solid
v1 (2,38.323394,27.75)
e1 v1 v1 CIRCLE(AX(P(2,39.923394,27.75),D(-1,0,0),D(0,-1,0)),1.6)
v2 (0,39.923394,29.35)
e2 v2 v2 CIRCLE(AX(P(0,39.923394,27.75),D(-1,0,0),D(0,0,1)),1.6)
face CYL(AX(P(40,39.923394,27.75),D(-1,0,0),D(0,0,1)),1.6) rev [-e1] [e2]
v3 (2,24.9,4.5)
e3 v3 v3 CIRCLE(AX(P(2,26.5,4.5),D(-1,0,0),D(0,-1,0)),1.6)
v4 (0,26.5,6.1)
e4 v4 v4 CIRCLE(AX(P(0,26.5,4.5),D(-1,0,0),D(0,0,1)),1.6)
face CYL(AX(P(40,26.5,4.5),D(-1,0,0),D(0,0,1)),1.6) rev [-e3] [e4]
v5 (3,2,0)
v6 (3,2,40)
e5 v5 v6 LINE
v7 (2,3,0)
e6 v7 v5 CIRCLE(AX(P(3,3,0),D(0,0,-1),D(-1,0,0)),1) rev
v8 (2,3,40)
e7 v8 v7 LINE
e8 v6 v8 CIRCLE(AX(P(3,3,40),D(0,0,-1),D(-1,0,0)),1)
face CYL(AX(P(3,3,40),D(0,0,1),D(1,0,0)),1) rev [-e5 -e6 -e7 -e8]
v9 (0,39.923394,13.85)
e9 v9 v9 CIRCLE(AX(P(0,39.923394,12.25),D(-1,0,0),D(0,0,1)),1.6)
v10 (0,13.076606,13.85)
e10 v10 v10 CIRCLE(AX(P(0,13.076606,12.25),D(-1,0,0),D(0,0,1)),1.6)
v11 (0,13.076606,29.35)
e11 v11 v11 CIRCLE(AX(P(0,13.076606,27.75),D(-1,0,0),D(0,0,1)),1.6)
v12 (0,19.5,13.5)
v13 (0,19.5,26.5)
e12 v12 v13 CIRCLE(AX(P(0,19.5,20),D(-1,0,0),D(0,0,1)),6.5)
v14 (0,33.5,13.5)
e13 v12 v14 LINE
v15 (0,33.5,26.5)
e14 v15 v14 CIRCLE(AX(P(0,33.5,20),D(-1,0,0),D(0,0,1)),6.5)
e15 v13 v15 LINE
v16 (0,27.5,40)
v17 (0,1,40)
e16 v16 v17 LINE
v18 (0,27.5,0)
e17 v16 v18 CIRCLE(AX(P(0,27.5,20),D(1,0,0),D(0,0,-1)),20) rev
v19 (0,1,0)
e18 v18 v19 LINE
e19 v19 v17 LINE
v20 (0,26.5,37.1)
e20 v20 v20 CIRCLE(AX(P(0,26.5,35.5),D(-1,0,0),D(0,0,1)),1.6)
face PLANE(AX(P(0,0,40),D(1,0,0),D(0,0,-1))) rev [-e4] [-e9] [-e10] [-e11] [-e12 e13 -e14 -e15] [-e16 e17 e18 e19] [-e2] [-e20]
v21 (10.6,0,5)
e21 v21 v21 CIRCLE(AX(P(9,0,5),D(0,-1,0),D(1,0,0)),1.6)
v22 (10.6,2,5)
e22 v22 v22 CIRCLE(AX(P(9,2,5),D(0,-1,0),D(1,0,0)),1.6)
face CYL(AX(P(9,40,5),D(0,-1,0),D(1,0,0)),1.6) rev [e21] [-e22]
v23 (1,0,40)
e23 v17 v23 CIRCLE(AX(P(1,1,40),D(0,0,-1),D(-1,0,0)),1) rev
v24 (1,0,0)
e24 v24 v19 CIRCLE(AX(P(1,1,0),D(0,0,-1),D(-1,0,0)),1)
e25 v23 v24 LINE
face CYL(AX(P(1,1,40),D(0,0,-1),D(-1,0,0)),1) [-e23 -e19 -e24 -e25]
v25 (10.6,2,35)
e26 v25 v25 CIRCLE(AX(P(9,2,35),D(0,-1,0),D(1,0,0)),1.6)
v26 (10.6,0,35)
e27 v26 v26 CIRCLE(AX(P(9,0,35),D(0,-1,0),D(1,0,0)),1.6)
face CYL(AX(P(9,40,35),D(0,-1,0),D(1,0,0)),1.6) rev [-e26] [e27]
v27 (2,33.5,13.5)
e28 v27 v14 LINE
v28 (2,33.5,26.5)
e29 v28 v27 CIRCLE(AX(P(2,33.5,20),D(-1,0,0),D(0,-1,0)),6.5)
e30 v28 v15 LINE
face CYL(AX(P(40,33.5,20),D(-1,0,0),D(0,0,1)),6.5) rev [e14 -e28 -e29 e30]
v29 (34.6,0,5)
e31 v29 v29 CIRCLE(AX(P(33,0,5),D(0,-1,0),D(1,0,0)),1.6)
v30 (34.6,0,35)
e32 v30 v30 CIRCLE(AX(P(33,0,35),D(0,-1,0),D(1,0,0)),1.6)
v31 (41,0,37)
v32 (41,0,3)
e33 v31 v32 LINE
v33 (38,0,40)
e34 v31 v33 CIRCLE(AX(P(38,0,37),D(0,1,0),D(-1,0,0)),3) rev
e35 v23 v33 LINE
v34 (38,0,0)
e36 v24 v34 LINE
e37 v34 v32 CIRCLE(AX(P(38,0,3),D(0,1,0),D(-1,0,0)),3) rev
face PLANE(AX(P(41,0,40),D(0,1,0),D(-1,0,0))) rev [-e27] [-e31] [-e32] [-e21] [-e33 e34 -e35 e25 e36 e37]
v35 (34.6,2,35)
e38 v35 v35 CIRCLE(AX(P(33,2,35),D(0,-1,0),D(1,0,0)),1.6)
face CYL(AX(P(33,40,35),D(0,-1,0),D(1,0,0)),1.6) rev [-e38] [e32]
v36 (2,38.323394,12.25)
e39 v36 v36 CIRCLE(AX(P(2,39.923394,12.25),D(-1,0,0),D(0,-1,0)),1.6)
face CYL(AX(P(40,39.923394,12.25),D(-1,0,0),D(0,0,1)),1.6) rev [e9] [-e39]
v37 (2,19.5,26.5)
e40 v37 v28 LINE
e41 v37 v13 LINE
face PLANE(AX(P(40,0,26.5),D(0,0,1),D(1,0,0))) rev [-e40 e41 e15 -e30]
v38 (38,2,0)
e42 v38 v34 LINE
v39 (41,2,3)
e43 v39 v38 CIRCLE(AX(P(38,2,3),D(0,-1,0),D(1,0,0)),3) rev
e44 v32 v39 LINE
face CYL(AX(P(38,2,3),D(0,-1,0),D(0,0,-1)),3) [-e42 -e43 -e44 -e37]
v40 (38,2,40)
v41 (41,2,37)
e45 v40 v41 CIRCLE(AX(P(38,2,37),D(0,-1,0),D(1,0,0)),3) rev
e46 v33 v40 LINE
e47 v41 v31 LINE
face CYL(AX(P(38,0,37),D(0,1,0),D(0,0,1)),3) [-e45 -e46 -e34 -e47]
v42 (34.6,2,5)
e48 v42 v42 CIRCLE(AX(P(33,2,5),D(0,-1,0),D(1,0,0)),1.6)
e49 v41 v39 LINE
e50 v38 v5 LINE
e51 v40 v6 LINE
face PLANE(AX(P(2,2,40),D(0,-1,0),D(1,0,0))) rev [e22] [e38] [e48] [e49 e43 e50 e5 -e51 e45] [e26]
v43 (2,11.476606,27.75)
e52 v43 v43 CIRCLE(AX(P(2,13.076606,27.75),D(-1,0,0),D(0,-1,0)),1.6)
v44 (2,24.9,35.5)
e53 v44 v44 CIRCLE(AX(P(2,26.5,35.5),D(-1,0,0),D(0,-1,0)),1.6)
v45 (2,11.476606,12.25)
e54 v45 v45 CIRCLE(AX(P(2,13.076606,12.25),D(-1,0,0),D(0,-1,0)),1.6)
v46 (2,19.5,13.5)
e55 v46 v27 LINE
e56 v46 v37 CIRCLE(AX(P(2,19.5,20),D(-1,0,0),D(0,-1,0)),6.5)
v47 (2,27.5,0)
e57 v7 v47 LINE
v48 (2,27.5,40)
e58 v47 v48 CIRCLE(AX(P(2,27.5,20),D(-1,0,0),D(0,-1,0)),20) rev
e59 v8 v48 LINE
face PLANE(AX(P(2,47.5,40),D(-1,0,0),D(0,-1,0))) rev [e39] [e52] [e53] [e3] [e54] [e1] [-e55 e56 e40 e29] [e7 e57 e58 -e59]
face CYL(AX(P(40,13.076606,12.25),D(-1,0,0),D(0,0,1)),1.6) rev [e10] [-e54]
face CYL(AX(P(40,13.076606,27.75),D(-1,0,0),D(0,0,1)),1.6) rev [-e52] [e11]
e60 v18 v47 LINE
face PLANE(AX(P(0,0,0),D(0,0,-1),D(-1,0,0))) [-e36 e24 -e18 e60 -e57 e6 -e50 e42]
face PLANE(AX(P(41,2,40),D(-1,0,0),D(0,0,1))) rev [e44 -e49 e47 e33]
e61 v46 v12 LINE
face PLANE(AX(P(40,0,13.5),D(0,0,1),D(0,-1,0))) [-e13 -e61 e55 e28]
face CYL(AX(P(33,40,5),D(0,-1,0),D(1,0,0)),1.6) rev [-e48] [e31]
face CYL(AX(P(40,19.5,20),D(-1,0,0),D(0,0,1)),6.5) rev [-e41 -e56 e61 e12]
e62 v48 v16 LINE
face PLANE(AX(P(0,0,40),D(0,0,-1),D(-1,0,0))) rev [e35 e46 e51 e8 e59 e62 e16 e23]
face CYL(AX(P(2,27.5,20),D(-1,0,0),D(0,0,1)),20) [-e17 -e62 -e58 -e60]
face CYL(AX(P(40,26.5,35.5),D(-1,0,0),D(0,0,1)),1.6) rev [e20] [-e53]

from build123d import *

# Parameters (mm, degrees)
EXTRUDE_1_DEPTH     = 40
FILLET_1_R          = 1
SKETCH_3_R          = 1.6
CUT_EXTRUDE_1_DEPTH = 40
FILLET_2_R          = 3
FILLET_3_RADIUS     = 20
FILLET_3_LENGTH     = 2
SKETCH_4_R          = 1.6
CUT_EXTRUDE_2_DEPTH = 40


with BuildPart() as part:
    # 草图1 → 凸台-拉伸1 (new body)
    with BuildSketch(Plane.XY):
        Polygon((0, 0), (0, 47.5), (2, 47.5), (2, 2), (41, 2), (41, 0), align=None)
    extrude(amount=EXTRUDE_1_DEPTH)

    # 圆角1
    fillet_1_edges = [part.edges().sort_by_distance(p)[0] for p in [
        (0, 0, 20),
        (2, 2, 20),
    ]]
    fillet(fillet_1_edges, radius=FILLET_1_R)

    # 草图3 → 切除-拉伸1 (cut)
    with BuildSketch(Plane.XZ):
        with Locations((33, 35)):
            Circle(SKETCH_3_R)
        with Locations((33, 5)):
            Circle(SKETCH_3_R)
        with Locations((9, 35)):
            Circle(SKETCH_3_R)
        with Locations((9, 5)):
            Circle(SKETCH_3_R)
    extrude(amount=-CUT_EXTRUDE_1_DEPTH, mode=Mode.SUBTRACT)

    # 圆角2
    fillet_2_edges = [part.edges().sort_by_distance(p)[0] for p in [
        (41, 1, 0),
        (41, 1, 40),
    ]]
    fillet(fillet_2_edges, radius=FILLET_2_R)

    # 圆角3: full round fillet: the end face becomes a half cylinder, R = half its width
    fillet_3_face = Plane((1, 47.5, 20), x_dir=(1, 0, 0), z_dir=(0, 1, 0))  # on the end face: x along it, z out of the body
    fillet_3_slab = fillet_3_face.offset(-FILLET_3_RADIUS / 2) * Box(FILLET_3_LENGTH, 2 * FILLET_3_RADIUS, FILLET_3_RADIUS, mode=Mode.PRIVATE)  # the body's end, R deep
    fillet_3_round = Plane((1, 27.5, 20), x_dir=(0, 1, 0), z_dir=(1, 0, 0)) * Cylinder(FILLET_3_RADIUS, FILLET_3_LENGTH, mode=Mode.PRIVATE)  # its axis R under the face
    add(fillet_3_slab - fillet_3_round, mode=Mode.SUBTRACT)

    # 草图4 → 切除-拉伸2 (cut)
    with BuildSketch(Plane.ZY):
        with Locations((35.5, 26.5)):
            Circle(SKETCH_4_R)
        with Locations((27.75, 13.076606241)):
            Circle(SKETCH_4_R)
        with Locations((12.25, 13.076606241)):
            Circle(SKETCH_4_R)
        with Locations((4.5, 26.5)):
            Circle(SKETCH_4_R)
        with Locations((12.25, 39.923393759)):
            Circle(SKETCH_4_R)
        with Locations((27.75, 39.923393759)):
            Circle(SKETCH_4_R)
        with BuildLine():
            Line((13.5, 19.5), (13.5, 33.5))
            ThreePointArc((13.5, 33.5), (20, 40), (26.5, 33.5))
            Line((26.5, 33.5), (26.5, 19.5))
            ThreePointArc((26.5, 19.5), (20, 13), (13.5, 19.5))
        make_face()
    extrude(amount=-CUT_EXTRUDE_2_DEPTH, mode=Mode.SUBTRACT)


solid = part.part
